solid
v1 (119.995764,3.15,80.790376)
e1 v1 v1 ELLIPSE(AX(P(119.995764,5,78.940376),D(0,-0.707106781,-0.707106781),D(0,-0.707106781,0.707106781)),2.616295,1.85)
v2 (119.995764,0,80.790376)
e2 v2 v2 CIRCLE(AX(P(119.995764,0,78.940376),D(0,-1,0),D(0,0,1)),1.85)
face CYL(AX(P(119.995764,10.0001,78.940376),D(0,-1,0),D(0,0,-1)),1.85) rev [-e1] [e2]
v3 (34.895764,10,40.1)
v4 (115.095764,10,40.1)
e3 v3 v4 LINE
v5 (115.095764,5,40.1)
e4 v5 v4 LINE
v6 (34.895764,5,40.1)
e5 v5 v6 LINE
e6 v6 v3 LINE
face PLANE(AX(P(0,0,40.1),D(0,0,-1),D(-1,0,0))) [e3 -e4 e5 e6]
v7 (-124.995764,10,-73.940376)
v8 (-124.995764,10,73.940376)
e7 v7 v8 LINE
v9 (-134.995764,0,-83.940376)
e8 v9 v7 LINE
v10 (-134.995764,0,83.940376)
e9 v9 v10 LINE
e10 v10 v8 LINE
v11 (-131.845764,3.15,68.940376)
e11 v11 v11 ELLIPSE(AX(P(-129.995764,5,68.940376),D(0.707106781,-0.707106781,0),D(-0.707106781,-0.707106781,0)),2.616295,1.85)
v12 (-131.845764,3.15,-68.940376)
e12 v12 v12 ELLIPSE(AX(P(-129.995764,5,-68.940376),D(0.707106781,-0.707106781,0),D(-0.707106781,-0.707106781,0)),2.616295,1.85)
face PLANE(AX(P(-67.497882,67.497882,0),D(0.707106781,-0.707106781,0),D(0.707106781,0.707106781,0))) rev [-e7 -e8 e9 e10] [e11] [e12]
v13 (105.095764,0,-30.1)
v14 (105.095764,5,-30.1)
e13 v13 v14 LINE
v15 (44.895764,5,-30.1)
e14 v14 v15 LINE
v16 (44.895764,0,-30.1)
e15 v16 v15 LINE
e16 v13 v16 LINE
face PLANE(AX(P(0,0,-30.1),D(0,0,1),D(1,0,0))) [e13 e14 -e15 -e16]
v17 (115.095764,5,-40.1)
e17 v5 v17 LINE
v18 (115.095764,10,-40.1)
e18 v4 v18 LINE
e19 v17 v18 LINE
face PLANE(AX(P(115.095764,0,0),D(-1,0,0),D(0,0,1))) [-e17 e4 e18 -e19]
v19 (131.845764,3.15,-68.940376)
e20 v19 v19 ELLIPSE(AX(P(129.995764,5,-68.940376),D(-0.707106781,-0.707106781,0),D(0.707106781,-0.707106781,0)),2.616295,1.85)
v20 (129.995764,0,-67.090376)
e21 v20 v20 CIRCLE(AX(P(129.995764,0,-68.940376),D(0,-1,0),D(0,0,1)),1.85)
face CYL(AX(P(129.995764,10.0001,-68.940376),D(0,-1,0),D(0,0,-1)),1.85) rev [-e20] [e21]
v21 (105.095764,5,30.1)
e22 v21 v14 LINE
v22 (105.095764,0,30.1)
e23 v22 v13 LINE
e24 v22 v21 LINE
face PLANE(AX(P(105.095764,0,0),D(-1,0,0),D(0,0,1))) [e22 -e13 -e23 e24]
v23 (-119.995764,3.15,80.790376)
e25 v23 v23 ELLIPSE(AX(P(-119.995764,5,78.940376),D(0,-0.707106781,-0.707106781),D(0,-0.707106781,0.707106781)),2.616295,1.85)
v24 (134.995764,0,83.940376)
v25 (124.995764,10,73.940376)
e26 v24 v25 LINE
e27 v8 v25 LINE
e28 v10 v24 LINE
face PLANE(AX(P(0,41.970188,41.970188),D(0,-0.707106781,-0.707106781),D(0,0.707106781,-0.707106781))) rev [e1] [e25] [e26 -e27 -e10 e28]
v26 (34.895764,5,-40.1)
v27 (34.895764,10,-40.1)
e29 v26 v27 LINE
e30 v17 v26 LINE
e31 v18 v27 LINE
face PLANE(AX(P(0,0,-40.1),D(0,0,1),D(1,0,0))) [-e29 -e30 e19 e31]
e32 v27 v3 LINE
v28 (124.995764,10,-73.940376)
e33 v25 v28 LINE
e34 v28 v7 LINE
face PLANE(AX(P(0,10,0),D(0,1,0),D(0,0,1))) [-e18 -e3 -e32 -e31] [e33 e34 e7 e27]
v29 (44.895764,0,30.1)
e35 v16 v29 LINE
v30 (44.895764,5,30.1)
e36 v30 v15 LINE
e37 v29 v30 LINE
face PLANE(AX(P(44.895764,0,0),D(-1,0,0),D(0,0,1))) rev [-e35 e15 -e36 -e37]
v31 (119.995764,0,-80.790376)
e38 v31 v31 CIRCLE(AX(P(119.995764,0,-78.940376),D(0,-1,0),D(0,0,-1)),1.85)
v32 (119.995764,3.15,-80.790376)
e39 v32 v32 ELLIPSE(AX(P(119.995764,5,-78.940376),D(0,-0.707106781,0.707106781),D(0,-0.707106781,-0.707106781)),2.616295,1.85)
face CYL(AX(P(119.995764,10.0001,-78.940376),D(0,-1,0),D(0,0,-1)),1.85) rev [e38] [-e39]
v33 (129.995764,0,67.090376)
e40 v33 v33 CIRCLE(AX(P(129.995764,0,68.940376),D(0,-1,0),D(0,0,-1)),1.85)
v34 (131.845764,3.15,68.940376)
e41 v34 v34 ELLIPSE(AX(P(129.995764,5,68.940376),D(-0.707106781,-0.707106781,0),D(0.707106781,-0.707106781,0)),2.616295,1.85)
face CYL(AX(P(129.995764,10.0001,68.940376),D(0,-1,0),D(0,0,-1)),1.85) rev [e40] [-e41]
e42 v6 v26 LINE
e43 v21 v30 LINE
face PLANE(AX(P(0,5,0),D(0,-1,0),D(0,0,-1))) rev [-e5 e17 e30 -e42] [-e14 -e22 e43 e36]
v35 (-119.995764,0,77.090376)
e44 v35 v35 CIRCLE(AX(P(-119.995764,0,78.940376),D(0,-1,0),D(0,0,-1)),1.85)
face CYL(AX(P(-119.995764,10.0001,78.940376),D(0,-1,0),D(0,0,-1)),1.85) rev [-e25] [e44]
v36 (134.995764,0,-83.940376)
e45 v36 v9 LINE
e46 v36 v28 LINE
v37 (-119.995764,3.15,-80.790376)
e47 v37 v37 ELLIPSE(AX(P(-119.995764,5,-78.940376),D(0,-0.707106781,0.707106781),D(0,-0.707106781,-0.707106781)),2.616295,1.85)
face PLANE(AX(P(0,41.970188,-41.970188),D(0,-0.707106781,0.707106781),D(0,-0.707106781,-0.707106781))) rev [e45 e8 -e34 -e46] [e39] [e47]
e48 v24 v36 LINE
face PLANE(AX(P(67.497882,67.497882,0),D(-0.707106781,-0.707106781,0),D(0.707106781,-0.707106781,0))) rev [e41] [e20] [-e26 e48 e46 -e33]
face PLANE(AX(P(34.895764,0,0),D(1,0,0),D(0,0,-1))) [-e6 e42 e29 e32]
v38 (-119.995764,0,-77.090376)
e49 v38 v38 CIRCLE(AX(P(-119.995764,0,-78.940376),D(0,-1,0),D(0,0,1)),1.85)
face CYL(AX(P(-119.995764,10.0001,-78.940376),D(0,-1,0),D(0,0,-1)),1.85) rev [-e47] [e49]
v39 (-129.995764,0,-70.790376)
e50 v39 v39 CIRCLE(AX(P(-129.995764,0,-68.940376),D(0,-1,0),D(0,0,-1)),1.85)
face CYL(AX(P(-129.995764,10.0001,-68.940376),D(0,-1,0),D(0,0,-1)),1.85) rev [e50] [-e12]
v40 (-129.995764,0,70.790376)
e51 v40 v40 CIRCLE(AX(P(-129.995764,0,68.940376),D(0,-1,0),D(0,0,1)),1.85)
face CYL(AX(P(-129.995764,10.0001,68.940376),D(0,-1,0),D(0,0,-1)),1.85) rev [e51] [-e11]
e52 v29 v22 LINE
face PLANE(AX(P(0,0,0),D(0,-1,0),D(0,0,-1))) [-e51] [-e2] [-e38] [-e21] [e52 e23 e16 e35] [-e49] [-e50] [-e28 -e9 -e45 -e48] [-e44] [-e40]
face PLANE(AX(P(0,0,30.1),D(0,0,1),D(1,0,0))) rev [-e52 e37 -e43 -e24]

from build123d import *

# Parameters (mm, degrees)
SKETCH_3_R          = 1.85
CUT_EXTRUDE_1_DEPTH = 160.279136005


with BuildPart() as part:
    # Эскиз1 → Loft 1 section 0
    with BuildSketch(Plane(origin=(0, 0, 0), x_dir=(1, 0, 0), z_dir=(0, 1, 0))):
        with BuildLine():
            Line((-134.995764294, -83.940376122), (134.995764294, -83.940376122))
            Line((134.995764294, -83.940376122), (134.995764294, 83.940376122))
            Line((134.995764294, 83.940376122), (-134.995764294, 83.940376122))
            Line((-134.995764294, 83.940376122), (-134.995764294, -83.940376122))
        make_face()
    # Эскиз2 → Loft 1 section 1
    with BuildSketch(Plane(origin=(0, 10, 0), x_dir=(1, 0, 0), z_dir=(0, 1, 0))):
        with BuildLine():
            Line((-124.995764294, 73.940376122), (-124.995764294, -73.940376122))
            Line((-124.995764294, -73.940376122), (124.995764294, -73.940376122))
            Line((124.995764294, -73.940376122), (124.995764294, 73.940376122))
            Line((124.995764294, 73.940376122), (-124.995764294, 73.940376122))
        make_face()
    loft()

    # Эскиз3 → Вырез-Вытянуть1 (cut, through all)
    with BuildSketch(Plane.XZ):
        with Locations(Location((-119.995764294, 78.940376122, 0), (0, 0, 270))):
            Circle(SKETCH_3_R)
        with Locations(Location((-129.995764294, 68.940376122, 0), (0, 0, 180))):
            Circle(SKETCH_3_R)
        with Locations(Location((129.995764294, 68.940376122, 0), (0, 0, 270))):
            Circle(SKETCH_3_R)
        with Locations(Location((119.995764294, 78.940376122, 0), (0, 0, 90))):
            Circle(SKETCH_3_R)
        with Locations((129.995764294, -68.940376122)):
            Circle(SKETCH_3_R)
        with Locations(Location((119.995764294, -78.940376122, 0), (0, 0, 270))):
            Circle(SKETCH_3_R)
        with Locations(Location((-129.995764294, -68.940376122, 0), (0, 0, 270))):
            Circle(SKETCH_3_R)
        with Locations(Location((-119.995764294, -78.940376122, 0), (0, 0, 270))):
            Circle(SKETCH_3_R)
    extrude(amount=-CUT_EXTRUDE_1_DEPTH, mode=Mode.SUBTRACT)

    # Эскиз7 → Loft 1 2 section 0
    with BuildSketch(Plane(origin=(0, 0, 0), x_dir=(1, 0, 0), z_dir=(0, 1, 0))):
        with BuildLine():
            Line((105.095764294, -30.1), (105.095764294, 30.1))
            Line((105.095764294, 30.1), (44.895764294, 30.1))
            Line((44.895764294, 30.1), (44.895764294, -30.1))
            Line((44.895764294, -30.1), (105.095764294, -30.1))
        make_face()
    # Эскиз6 → Loft 1 2 section 1
    with BuildSketch(Plane(origin=(0, 5, 0), x_dir=(1, 0, 0), z_dir=(0, 1, 0))):
        with BuildLine():
            Line((105.095764294, -30.1), (44.895764294, -30.1))
            Line((44.895764294, -30.1), (44.895764294, 30.1))
            Line((44.895764294, 30.1), (105.095764294, 30.1))
            Line((105.095764294, 30.1), (105.095764294, -30.1))
        make_face()
    loft(mode=Mode.SUBTRACT)

    # Эскиз6<3> → Вырез-По сечениям2 section 0
    with BuildSketch(Plane(origin=(0, 5, 0), x_dir=(1, 0, 0), z_dir=(0, 1, 0))):
        with BuildLine():
            Line((115.095764294, 40.1), (34.895764294, 40.1))
            Line((34.895764294, 40.1), (34.895764294, -40.1))
            Line((34.895764294, -40.1), (115.095764294, -40.1))
            Line((115.095764294, -40.1), (115.095764294, 40.1))
        make_face()
    # Эскиз4 → Вырез-По сечениям2 section 1
    with BuildSketch(Plane(origin=(0, 10, 0), x_dir=(1, 0, 0), z_dir=(0, 1, 0))):
        with BuildLine():
            Line((115.095764294, -40.1), (34.895764294, -40.1))
            Line((34.895764294, -40.1), (34.895764294, 40.1))
            Line((34.895764294, 40.1), (115.095764294, 40.1))
            Line((115.095764294, 40.1), (115.095764294, -40.1))
        make_face()
    loft(mode=Mode.SUBTRACT)


solid = part.part
